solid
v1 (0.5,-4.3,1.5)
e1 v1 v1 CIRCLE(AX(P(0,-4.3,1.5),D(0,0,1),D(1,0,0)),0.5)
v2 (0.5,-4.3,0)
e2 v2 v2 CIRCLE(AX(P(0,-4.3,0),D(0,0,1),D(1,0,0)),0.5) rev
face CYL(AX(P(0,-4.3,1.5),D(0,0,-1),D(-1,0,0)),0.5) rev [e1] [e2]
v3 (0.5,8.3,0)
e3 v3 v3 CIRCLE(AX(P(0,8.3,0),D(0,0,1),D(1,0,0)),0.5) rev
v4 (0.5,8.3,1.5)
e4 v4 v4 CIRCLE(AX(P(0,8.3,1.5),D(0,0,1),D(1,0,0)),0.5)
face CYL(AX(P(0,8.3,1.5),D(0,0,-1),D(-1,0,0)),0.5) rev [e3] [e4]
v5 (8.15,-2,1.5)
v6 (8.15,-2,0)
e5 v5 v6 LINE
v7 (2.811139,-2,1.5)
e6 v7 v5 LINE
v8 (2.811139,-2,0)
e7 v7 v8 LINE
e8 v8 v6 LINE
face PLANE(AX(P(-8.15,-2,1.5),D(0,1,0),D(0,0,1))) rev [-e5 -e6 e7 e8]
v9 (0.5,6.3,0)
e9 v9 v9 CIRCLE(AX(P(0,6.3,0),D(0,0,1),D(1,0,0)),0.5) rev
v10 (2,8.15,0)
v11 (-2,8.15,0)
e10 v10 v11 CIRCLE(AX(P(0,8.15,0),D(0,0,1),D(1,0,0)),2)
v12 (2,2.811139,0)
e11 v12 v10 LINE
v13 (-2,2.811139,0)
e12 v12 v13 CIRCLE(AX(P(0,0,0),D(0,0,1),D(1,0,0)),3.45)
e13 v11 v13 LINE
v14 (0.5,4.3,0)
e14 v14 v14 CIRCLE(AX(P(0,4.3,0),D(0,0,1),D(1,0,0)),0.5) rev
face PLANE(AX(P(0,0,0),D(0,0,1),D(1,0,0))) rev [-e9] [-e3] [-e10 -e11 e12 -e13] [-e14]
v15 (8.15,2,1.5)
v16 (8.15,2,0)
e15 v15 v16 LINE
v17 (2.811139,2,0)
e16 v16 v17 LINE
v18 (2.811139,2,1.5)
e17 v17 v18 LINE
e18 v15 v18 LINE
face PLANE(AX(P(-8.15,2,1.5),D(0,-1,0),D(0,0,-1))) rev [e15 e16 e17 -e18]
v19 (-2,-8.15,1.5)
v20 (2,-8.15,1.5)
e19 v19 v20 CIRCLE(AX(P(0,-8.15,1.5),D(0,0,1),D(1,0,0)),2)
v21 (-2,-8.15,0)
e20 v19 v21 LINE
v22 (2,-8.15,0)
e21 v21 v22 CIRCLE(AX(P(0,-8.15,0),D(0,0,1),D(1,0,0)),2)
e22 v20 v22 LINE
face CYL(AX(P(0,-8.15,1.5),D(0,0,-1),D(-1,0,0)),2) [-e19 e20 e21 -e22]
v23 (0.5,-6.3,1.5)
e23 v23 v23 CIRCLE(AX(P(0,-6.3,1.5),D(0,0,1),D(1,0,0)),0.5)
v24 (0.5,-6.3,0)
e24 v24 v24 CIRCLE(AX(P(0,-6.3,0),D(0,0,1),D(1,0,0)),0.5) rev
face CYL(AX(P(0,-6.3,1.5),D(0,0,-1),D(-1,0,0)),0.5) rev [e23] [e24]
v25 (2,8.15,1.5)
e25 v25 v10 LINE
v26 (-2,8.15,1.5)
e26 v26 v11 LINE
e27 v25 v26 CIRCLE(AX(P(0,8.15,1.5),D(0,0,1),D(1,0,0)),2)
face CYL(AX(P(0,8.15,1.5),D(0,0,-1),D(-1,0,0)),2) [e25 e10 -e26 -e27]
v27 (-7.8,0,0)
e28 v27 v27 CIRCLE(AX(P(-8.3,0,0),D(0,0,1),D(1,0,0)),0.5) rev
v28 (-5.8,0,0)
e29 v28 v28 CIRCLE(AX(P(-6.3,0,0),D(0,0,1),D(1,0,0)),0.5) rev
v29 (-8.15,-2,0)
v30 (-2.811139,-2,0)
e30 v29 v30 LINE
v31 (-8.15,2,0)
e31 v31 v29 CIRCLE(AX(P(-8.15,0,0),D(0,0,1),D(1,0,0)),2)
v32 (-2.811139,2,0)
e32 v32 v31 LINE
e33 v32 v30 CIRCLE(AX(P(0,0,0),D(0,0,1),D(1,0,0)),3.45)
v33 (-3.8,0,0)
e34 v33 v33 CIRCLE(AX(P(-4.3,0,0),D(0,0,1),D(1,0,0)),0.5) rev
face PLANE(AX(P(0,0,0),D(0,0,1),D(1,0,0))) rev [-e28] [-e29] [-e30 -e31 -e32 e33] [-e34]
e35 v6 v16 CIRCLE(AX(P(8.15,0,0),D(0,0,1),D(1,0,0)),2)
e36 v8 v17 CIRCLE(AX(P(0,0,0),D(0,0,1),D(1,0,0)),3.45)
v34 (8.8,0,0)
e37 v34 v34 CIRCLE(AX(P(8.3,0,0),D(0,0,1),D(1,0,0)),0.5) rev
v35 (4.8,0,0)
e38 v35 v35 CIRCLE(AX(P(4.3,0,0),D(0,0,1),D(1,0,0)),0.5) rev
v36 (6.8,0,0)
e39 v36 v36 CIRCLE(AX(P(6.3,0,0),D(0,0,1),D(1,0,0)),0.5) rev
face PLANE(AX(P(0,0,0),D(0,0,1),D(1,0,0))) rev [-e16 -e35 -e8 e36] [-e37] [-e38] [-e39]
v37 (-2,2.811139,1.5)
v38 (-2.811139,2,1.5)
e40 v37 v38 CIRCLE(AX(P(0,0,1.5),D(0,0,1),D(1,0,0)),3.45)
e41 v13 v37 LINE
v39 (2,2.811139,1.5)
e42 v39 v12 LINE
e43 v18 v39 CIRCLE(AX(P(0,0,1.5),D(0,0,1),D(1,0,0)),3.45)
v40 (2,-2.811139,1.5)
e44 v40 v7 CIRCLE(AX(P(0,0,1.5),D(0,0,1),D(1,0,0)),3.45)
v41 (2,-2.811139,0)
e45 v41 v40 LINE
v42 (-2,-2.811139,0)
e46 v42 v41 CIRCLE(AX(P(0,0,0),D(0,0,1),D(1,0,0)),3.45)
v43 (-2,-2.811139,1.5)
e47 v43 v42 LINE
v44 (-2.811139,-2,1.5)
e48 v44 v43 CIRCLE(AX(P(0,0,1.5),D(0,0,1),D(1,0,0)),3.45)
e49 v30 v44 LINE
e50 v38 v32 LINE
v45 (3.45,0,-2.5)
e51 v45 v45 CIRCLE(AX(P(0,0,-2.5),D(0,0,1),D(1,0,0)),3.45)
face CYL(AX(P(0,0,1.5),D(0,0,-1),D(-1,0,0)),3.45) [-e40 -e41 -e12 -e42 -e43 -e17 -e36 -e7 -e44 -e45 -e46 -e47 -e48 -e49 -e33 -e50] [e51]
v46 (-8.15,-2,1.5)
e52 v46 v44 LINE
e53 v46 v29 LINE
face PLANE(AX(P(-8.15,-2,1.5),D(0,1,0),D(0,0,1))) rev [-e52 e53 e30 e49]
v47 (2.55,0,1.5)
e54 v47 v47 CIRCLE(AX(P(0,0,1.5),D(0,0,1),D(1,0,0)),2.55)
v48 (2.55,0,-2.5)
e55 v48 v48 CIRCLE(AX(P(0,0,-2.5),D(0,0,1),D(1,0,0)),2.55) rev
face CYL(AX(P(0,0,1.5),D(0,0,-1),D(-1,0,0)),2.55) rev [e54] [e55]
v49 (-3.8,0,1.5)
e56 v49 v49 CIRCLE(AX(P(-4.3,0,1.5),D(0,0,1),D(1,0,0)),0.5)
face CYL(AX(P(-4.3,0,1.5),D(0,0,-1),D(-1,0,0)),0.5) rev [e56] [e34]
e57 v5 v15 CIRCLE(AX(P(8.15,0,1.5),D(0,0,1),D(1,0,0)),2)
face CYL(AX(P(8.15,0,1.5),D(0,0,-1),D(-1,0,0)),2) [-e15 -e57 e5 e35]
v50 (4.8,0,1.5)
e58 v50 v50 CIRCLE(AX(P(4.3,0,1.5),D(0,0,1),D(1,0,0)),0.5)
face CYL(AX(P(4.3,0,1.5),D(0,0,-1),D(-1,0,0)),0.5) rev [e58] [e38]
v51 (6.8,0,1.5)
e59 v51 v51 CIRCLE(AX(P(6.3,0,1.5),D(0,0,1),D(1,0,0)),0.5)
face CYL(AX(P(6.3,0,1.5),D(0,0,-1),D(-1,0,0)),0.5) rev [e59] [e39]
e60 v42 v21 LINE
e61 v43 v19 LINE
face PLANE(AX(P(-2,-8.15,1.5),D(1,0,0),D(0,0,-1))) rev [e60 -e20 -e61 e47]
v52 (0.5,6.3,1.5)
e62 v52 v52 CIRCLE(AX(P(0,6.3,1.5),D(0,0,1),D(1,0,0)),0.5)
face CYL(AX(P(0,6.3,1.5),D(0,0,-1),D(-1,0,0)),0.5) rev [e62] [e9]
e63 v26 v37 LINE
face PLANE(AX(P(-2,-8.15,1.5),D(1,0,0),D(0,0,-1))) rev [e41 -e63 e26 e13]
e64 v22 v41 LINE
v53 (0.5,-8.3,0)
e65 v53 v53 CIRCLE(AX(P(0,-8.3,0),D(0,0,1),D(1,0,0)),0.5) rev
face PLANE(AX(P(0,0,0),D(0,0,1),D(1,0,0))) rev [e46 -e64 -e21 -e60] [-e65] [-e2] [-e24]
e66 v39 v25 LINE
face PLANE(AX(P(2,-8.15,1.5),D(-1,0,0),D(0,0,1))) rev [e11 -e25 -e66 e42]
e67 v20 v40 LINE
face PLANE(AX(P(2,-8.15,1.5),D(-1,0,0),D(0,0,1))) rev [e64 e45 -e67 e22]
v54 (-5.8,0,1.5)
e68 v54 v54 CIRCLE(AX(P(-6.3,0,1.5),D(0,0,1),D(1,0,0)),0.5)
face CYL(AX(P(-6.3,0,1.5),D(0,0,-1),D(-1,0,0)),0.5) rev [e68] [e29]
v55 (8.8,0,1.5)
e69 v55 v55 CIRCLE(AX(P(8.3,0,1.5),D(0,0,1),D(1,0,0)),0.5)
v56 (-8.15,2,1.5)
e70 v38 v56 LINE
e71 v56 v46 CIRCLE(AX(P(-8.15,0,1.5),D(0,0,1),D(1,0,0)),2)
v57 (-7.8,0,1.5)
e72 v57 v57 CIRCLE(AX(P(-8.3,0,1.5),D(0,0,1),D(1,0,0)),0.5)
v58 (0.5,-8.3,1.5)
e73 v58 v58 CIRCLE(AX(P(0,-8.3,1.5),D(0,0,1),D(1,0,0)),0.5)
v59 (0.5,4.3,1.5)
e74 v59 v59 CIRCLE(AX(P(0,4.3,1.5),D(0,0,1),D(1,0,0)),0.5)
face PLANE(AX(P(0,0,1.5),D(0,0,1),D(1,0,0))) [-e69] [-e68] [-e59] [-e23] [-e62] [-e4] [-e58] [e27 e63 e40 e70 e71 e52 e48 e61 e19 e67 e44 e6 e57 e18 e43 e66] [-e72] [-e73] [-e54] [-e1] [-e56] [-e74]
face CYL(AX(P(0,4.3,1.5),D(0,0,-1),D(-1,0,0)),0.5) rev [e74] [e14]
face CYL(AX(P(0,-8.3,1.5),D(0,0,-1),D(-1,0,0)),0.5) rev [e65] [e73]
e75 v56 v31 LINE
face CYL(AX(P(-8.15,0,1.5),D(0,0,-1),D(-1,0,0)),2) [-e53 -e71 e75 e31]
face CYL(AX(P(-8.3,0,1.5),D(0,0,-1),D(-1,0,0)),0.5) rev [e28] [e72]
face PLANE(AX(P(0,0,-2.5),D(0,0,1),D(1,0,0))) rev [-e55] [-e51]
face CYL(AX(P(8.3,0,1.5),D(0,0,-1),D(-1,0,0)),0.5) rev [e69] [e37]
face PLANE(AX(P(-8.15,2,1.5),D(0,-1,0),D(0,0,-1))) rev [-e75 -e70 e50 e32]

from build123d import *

# Parameters (mm, degrees)
COMPACT_HORN_CENTER_OD6P9_PROFILE_R        = 3.45
COMPACT_HORN_CENTER_OD6P9_DEPTH            = 1.5
HORIZONTAL_BLADES_ASSUMED_WIDTH4_PROFILE_W = 16.3
HORIZONTAL_BLADES_ASSUMED_WIDTH4_PROFILE_H = 4
HORIZONTAL_BLADES_ASSUMED_WIDTH4_DEPTH     = 1.5
VERTICAL_BLADES_ASSUMED_WIDTH4_PROFILE_W   = 4
VERTICAL_BLADES_ASSUMED_WIDTH4_PROFILE_H   = 16.3
VERTICAL_BLADES_ASSUMED_WIDTH4_DEPTH       = 1.5
ROUNDED_BLADE_TIPS_R                       = 2
ROUNDED_TIPS_SPAN20P3_DEPTH                = 1.5
HUB_PROJECTION2P5_TOTAL_HEIGHT4_START      = -2.5
HUB_PROJECTION2P5_TOTAL_HEIGHT4_PROFILE_R  = 3.45
HUB_PROJECTION2P5_TOTAL_HEIGHT4_DEPTH      = 2.5
PURCHASED_SPLINE_INTERNALS_OMITTED_START   = -50
PURCHASED_SPLINE_INTERNALS_OMITTED_PROFI_R = 2.55
PURCHASED_SPLINE_INTERNALS_OMITTED_DEPTH   = 65.570346598
UNMODIFIED_STOCK_PILOT_HOLES_START         = -50
UNMODIFIED_STOCK_PILOT_HOLES_PROFILE_R     = 0.5
UNMODIFIED_STOCK_PILOT_HOLES_DEPTH         = 65.570346598


with BuildPart() as part:
    # Compact_horn_center_OD6p9_profile → Compact_horn_center_OD6p9 (new body)
    with BuildSketch(Plane.XY):
        Circle(COMPACT_HORN_CENTER_OD6P9_PROFILE_R)
    extrude(amount=COMPACT_HORN_CENTER_OD6P9_DEPTH)

    # Horizontal_blades_assumed_width4_profile → Horizontal_blades_assumed_width4 (add)
    with BuildSketch(Plane.XY):
        Rectangle(HORIZONTAL_BLADES_ASSUMED_WIDTH4_PROFILE_W, HORIZONTAL_BLADES_ASSUMED_WIDTH4_PROFILE_H)
    extrude(amount=HORIZONTAL_BLADES_ASSUMED_WIDTH4_DEPTH)

    # Vertical_blades_assumed_width4_profile → Vertical_blades_assumed_width4 (add)
    with BuildSketch(Plane.XY):
        Rectangle(VERTICAL_BLADES_ASSUMED_WIDTH4_PROFILE_W, VERTICAL_BLADES_ASSUMED_WIDTH4_PROFILE_H)
    extrude(amount=VERTICAL_BLADES_ASSUMED_WIDTH4_DEPTH)

    # Rounded_blade_tips → Rounded_tips_span20p3 (add)
    with BuildSketch(Plane.XY):
        with Locations((8.15, 0)):
            Circle(ROUNDED_BLADE_TIPS_R)
        with Locations((-8.15, 0)):
            Circle(ROUNDED_BLADE_TIPS_R)
        with Locations((0, 8.15)):
            Circle(ROUNDED_BLADE_TIPS_R)
        with Locations((0, -8.15)):
            Circle(ROUNDED_BLADE_TIPS_R)
    extrude(amount=ROUNDED_TIPS_SPAN20P3_DEPTH)

    # Hub_projection2p5_total_height4_profile → Hub_projection2p5_total_height4 (add)
    with BuildSketch(Plane.XY.offset(HUB_PROJECTION2P5_TOTAL_HEIGHT4_START)):
        with Locations(Location((0, 0, 0), (0, 0, 215.43015836))):
            Circle(HUB_PROJECTION2P5_TOTAL_HEIGHT4_PROFILE_R)
    extrude(amount=HUB_PROJECTION2P5_TOTAL_HEIGHT4_DEPTH)

    # Purchased_spline_internals_omitted_profile → Purchased_spline_internals_omitted (cut, through all)
    with BuildSketch(Plane.XY.offset(PURCHASED_SPLINE_INTERNALS_OMITTED_START)):
        Circle(PURCHASED_SPLINE_INTERNALS_OMITTED_PROFI_R)
    extrude(amount=PURCHASED_SPLINE_INTERNALS_OMITTED_DEPTH, mode=Mode.SUBTRACT)

    # Unmodified_stock_pilot_holes_profile → Unmodified_stock_pilot_holes (cut, through all)
    with BuildSketch(Plane.XY.offset(UNMODIFIED_STOCK_PILOT_HOLES_START)):
        with Locations((-8.3, 0)):
            Circle(UNMODIFIED_STOCK_PILOT_HOLES_PROFILE_R)
        with Locations((-6.3, 0)):
            Circle(UNMODIFIED_STOCK_PILOT_HOLES_PROFILE_R)
        with Locations((-4.3, 0)):
            Circle(UNMODIFIED_STOCK_PILOT_HOLES_PROFILE_R)
        with Locations((4.3, 0)):
            Circle(UNMODIFIED_STOCK_PILOT_HOLES_PROFILE_R)
        with Locations((6.3, 0)):
            Circle(UNMODIFIED_STOCK_PILOT_HOLES_PROFILE_R)
        with Locations((8.3, 0)):
            Circle(UNMODIFIED_STOCK_PILOT_HOLES_PROFILE_R)
        with Locations((0, -8.3)):
            Circle(UNMODIFIED_STOCK_PILOT_HOLES_PROFILE_R)
        with Locations((0, -6.3)):
            Circle(UNMODIFIED_STOCK_PILOT_HOLES_PROFILE_R)
        with Locations((0, -4.3)):
            Circle(UNMODIFIED_STOCK_PILOT_HOLES_PROFILE_R)
        with Locations((0, 4.3)):
            Circle(UNMODIFIED_STOCK_PILOT_HOLES_PROFILE_R)
        with Locations((0, 6.3)):
            Circle(UNMODIFIED_STOCK_PILOT_HOLES_PROFILE_R)
        with Locations((0, 8.3)):
            Circle(UNMODIFIED_STOCK_PILOT_HOLES_PROFILE_R)
    extrude(amount=UNMODIFIED_STOCK_PILOT_HOLES_DEPTH, mode=Mode.SUBTRACT)


solid = part.part
